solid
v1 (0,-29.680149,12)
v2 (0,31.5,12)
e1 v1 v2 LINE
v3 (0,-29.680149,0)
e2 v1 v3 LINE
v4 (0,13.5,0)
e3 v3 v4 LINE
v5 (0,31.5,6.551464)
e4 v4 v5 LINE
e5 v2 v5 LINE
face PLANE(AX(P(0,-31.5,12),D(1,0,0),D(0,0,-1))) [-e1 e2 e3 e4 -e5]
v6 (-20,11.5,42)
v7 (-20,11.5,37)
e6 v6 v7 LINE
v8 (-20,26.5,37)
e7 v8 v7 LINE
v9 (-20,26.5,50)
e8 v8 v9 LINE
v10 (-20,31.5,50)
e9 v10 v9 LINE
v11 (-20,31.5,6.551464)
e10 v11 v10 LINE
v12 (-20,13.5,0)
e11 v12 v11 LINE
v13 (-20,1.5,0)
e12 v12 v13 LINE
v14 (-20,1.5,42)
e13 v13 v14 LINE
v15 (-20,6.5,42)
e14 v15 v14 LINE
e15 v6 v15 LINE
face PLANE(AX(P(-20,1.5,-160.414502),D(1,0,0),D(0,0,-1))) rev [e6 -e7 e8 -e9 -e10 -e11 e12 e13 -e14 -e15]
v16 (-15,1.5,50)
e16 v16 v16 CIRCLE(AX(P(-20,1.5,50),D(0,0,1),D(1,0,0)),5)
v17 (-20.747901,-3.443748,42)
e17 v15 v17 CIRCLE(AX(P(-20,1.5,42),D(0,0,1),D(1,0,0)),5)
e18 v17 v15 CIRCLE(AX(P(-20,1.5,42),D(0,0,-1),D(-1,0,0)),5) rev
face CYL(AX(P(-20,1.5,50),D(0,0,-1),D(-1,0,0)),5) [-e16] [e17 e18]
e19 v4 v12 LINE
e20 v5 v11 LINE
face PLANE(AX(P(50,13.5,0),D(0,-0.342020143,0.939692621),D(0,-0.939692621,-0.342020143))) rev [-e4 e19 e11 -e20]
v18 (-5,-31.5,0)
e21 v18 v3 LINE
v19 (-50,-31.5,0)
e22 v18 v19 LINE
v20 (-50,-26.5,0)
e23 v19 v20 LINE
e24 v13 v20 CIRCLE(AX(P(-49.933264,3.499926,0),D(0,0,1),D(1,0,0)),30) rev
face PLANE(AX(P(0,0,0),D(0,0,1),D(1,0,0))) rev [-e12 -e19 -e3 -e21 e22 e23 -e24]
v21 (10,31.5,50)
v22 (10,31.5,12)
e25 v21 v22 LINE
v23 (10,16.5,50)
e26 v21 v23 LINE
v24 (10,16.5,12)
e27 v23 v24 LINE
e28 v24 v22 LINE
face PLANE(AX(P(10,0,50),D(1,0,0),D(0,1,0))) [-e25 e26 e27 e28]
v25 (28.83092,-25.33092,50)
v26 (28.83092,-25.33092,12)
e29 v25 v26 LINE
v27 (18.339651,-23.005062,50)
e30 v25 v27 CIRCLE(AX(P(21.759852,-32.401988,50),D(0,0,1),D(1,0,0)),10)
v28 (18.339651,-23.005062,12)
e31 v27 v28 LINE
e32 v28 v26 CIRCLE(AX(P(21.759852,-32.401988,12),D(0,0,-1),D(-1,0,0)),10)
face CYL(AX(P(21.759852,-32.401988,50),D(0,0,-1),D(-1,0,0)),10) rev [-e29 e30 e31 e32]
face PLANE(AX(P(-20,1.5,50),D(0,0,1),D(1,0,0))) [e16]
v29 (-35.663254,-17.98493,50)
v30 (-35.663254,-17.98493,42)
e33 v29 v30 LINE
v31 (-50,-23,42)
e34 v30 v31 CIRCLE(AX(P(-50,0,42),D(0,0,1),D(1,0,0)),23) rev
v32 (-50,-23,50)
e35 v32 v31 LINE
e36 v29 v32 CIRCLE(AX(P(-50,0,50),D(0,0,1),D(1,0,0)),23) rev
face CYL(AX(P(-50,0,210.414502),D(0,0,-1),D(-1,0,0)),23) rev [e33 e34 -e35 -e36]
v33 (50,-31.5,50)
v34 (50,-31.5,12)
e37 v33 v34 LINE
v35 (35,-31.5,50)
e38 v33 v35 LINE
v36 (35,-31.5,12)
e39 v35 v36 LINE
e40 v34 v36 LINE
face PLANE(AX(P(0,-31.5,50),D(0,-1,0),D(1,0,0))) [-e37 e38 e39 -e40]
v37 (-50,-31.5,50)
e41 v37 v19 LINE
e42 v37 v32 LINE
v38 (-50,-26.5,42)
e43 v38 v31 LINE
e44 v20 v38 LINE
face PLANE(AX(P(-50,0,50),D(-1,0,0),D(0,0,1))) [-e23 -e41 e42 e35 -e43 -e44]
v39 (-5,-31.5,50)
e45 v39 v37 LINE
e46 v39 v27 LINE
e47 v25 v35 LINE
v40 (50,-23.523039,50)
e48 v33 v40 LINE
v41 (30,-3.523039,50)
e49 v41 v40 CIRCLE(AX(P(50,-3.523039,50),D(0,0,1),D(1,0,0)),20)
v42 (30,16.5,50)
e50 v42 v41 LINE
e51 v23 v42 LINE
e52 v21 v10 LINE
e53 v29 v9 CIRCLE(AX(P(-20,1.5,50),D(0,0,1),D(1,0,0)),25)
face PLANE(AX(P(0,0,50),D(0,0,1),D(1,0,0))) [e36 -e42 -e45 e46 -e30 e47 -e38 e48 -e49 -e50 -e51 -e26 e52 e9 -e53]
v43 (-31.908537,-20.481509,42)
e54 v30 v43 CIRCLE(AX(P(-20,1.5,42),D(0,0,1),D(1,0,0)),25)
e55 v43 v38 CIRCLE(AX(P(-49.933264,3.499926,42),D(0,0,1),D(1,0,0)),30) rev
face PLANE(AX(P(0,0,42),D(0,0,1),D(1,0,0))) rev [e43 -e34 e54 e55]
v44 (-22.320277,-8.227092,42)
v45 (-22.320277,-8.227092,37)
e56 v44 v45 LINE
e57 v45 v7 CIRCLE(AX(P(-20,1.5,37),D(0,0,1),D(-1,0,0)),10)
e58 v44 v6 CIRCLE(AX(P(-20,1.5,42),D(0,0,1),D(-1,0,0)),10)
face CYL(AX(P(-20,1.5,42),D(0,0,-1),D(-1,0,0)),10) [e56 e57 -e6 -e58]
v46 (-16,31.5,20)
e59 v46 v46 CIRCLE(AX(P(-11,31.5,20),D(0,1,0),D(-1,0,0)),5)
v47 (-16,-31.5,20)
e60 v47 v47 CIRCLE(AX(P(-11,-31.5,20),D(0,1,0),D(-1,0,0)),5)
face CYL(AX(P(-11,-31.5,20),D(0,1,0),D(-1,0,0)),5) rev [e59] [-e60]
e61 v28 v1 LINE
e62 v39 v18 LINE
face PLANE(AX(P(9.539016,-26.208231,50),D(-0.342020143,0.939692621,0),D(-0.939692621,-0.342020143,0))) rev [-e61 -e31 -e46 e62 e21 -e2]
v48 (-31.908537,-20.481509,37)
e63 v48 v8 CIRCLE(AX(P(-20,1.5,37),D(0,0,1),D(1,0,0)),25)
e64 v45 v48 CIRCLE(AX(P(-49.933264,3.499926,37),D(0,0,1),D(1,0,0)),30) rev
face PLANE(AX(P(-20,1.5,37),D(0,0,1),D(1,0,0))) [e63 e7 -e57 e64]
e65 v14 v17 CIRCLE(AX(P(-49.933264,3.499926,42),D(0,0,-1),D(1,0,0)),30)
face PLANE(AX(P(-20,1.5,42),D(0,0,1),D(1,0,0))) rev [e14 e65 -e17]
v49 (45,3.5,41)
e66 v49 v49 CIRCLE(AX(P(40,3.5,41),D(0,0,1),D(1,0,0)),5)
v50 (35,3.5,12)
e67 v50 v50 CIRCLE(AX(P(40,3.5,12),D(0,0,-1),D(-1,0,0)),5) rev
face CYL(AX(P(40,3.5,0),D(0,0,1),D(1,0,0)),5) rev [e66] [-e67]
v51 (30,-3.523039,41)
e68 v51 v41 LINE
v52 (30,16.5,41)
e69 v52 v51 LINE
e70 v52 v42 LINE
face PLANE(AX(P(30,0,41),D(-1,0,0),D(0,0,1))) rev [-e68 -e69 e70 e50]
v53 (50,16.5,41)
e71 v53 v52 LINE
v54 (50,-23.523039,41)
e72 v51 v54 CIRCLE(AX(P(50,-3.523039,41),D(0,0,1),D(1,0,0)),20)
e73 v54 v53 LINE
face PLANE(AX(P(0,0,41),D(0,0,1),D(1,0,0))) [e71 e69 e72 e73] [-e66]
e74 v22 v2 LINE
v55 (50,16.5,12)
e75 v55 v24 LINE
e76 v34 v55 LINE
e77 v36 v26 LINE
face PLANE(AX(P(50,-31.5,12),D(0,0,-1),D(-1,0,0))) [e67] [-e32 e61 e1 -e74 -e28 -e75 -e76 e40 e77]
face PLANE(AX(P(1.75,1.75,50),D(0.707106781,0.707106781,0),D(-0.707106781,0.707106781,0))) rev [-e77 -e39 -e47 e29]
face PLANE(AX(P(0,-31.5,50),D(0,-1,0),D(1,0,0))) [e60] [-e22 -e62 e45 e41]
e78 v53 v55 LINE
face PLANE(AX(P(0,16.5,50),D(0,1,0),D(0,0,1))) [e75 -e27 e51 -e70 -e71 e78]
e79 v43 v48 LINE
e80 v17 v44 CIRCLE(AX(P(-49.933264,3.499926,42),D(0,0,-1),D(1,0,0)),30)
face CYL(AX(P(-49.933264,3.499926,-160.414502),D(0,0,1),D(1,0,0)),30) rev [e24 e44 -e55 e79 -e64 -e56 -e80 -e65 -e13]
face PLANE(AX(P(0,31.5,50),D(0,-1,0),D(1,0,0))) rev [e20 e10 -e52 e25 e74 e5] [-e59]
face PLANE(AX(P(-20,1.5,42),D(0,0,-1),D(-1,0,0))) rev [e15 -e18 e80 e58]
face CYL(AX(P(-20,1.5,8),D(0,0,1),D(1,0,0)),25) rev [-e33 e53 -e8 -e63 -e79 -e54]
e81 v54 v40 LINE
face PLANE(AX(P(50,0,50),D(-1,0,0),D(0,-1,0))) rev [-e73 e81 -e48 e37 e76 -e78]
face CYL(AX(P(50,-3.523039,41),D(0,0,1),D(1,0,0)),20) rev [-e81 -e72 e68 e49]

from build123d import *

# Parameters (mm, degrees)
BOSS_EXTRUDE2_DEPTH      = 50
SKETCH2_R                = 5
CUT_EXTRUDE1_DEPTH       = 78.409624725
SKETCH2_5_R              = 5
CUT_EXTRUDE2_DEPTH       = 9
CUT_EXTRUDE12_DEPTH      = 78.409624725
CUT_EXTRUDE12_DEPTH_BACK = 42
CUT_EXTRUDE14_DEPTH      = 42
CUT_EXTRUDE16_DEPTH      = 78.409624725
CUT_EXTRUDE16_DEPTH_BACK = 78.409624725
SKETCH41_R               = 25
CUT_EXTRUDE17_DEPTH      = 13
BOSS_EXTRUDE8_START      = 5
BOSS_EXTRUDE8_DEPTH      = 5
SKETCH43_R               = 5
BOSS_EXTRUDE9_DEPTH      = 8
CUT_EXTRUDE19_DEPTH      = 92.609224426
CUT_EXTRUDE21_DEPTH      = 86.463442477
CUT_EXTRUDE21_DEPTH_BACK = 86.463442477
SKETCH45_W               = 50
SKETCH45_H               = 12
SKETCH46_R               = 5
CUT_EXTRUDE22_DEPTH      = 95.704804524


with BuildPart() as part:
    # Sketch1 → Boss-Extrude2 (new body)
    with BuildSketch(Plane.XY):
        with BuildLine():
            Line((10, 16.5), (10, 31.5))
            Line((10, 31.5), (-50, 31.5))
            Line((-50, 31.5), (-50, -31.5))
            Line((-50, -31.5), (-5, -31.5))
            Line((-5, -31.5), (18.339650933, -23.005061782))
            ThreePointArc((18.339650933, -23.005061782), (23.924248506, -22.639027919), (28.830920178, -25.330920178))
            Line((28.830920178, -25.330920178), (35, -31.5))
            Line((35, -31.5), (50, -31.5))
            Line((50, -31.5), (50, 16.5))
            Line((50, 16.5), (10, 16.5))
        make_face()
    extrude(amount=BOSS_EXTRUDE2_DEPTH)

    # Sketch2 → Cut-Extrude1 (cut, through all)
    with BuildSketch(Plane.XY.offset(50)):
        with Locations((40, 3.5)):
            Circle(SKETCH2_R)
    extrude(amount=-CUT_EXTRUDE1_DEPTH, mode=Mode.SUBTRACT)

    # Sketch2<5> → Cut-Extrude2 (cut)
    with BuildSketch(Plane.XY.offset(50)):
        with BuildLine():
            Line((50, 16.5), (30, 16.5))
            Line((30, 16.5), (30, -3.523038751))
            ThreePointArc((30, -3.523038751), (35.857864376, -17.665174375), (50, -23.523038751))
            Line((50, -23.523038751), (50, 16.5))
        make_face()
        with Locations((40, 3.5)):
            Circle(SKETCH2_5_R, mode=Mode.SUBTRACT)
    extrude(amount=-CUT_EXTRUDE2_DEPTH, mode=Mode.SUBTRACT)

    # Sketch30 → Cut-Extrude12 (cut, two sides: drawn at the far end of the back side and taken through both)
    with BuildSketch(Plane(origin=(0, 0, 0), x_dir=(-1, 0, 0), z_dir=(0, 0, -1)).offset(-CUT_EXTRUDE12_DEPTH_BACK)):
        with BuildLine():
            Line((291.204939457, -25.963430676), (50, -26.5))
            ThreePointArc((50, -26.5), (29.463716543, -18.431732275), (20, 1.5))
            Line((20, 1.5), (20, 31.5))
            Line((20, 31.5), (20, 272.705536266))
            Line((20, 272.705536266), (377.141103264, 597.005821897))
            Line((377.141103264, 597.005821897), (648.346042721, 298.336854955))
            Line((648.346042721, 298.336854955), (291.204939457, -25.963430676))
        make_face()
    extrude(amount=CUT_EXTRUDE12_DEPTH + CUT_EXTRUDE12_DEPTH_BACK, mode=Mode.SUBTRACT)

    # Sketch15 → Cut-Extrude14 (cut)
    with BuildSketch(Plane.XY.offset(50)):
        with BuildLine():
            Line((-20, 1.5), (-20, 26.5))
            ThreePointArc((-20, 26.5), (-44.154267569, 7.947585455), (-32.45893634, -20.174291344))
            ThreePointArc((-32.45893634, -20.174291344), (-23.864179013, -10.696774301), (-20, 1.5))
        make_face()
    extrude(amount=-CUT_EXTRUDE14_DEPTH, mode=Mode.SUBTRACT)

    # Sketch39 → Cut-Extrude16 (cut, two sides: drawn at the far end of the back side and taken through both)
    with BuildSketch(Plane.XY.offset(50).offset(-CUT_EXTRUDE16_DEPTH_BACK)):
        with BuildLine():
            Line((-50, 31.5), (-50, -23))
            ThreePointArc((-50, -23), (-42.405705612, -21.710059713), (-35.66325351, -17.984929805))
            ThreePointArc((-35.66325351, -17.984929805), (-43.580958898, 9.802913792), (-20, 26.5))
            Line((-20, 26.5), (-20, 31.5))
            Line((-20, 31.5), (-50, 31.5))
        make_face()
    extrude(amount=CUT_EXTRUDE16_DEPTH + CUT_EXTRUDE16_DEPTH_BACK, mode=Mode.SUBTRACT)

    # Sketch41 → Cut-Extrude17 (cut)
    with BuildSketch(Plane.XY.offset(50)):
        with Locations((-20, 1.5)):
            Circle(SKETCH41_R)
    extrude(amount=-CUT_EXTRUDE17_DEPTH, mode=Mode.SUBTRACT)

    # Sketch42 → Boss-Extrude8 (add)
    with BuildSketch(Plane.XY.offset(37).offset(BOSS_EXTRUDE8_START)):
        with BuildLine():
            Line((-20, 11.5), (-20, 1.5))
            ThreePointArc((-20, 1.5), (-20.751988631, -3.460904975), (-22.320276916, -8.227091808))
            ThreePointArc((-22.320276916, -8.227091808), (-10.068461396, 0.331864322), (-20, 11.5))
        make_face()
    extrude(amount=-BOSS_EXTRUDE8_DEPTH)

    # Sketch43 → Boss-Extrude9 (add)
    with BuildSketch(Plane.XY.offset(42)):
        with Locations(Location((-20, 1.5, 0), (0, 0, 261.397396505))):
            Circle(SKETCH43_R)
    extrude(amount=BOSS_EXTRUDE9_DEPTH)

    # Sketch44 → Cut-Extrude19 (cut, through all)
    with BuildSketch(Plane.ZY.offset(20)):
        Polygon((0, 13.5), (6.551464217, 31.5), (0, 31.5), align=None)
    extrude(amount=-CUT_EXTRUDE19_DEPTH, mode=Mode.SUBTRACT)

    # Sketch45 → Cut-Extrude21 (cut, two sides: drawn at the far end of the back side and taken through both)
    with BuildSketch(Plane(origin=(0, 16.5, 0), x_dir=(1, 0, 0), z_dir=(0, 1, 0)).offset(-CUT_EXTRUDE21_DEPTH_BACK)):
        with Locations((25, -6)):
            Rectangle(SKETCH45_W, SKETCH45_H)
    extrude(amount=CUT_EXTRUDE21_DEPTH + CUT_EXTRUDE21_DEPTH_BACK, mode=Mode.SUBTRACT)

    # Sketch46 → Cut-Extrude22 (cut, through all)
    with BuildSketch(Plane(origin=(0, 31.5, 0), x_dir=(1, 0, 0), z_dir=(0, 1, 0))):
        with Locations(Location((-11, -20, 0), (0, 0, 180))):
            Circle(SKETCH46_R)
    extrude(amount=-CUT_EXTRUDE22_DEPTH, mode=Mode.SUBTRACT)


solid = part.part
